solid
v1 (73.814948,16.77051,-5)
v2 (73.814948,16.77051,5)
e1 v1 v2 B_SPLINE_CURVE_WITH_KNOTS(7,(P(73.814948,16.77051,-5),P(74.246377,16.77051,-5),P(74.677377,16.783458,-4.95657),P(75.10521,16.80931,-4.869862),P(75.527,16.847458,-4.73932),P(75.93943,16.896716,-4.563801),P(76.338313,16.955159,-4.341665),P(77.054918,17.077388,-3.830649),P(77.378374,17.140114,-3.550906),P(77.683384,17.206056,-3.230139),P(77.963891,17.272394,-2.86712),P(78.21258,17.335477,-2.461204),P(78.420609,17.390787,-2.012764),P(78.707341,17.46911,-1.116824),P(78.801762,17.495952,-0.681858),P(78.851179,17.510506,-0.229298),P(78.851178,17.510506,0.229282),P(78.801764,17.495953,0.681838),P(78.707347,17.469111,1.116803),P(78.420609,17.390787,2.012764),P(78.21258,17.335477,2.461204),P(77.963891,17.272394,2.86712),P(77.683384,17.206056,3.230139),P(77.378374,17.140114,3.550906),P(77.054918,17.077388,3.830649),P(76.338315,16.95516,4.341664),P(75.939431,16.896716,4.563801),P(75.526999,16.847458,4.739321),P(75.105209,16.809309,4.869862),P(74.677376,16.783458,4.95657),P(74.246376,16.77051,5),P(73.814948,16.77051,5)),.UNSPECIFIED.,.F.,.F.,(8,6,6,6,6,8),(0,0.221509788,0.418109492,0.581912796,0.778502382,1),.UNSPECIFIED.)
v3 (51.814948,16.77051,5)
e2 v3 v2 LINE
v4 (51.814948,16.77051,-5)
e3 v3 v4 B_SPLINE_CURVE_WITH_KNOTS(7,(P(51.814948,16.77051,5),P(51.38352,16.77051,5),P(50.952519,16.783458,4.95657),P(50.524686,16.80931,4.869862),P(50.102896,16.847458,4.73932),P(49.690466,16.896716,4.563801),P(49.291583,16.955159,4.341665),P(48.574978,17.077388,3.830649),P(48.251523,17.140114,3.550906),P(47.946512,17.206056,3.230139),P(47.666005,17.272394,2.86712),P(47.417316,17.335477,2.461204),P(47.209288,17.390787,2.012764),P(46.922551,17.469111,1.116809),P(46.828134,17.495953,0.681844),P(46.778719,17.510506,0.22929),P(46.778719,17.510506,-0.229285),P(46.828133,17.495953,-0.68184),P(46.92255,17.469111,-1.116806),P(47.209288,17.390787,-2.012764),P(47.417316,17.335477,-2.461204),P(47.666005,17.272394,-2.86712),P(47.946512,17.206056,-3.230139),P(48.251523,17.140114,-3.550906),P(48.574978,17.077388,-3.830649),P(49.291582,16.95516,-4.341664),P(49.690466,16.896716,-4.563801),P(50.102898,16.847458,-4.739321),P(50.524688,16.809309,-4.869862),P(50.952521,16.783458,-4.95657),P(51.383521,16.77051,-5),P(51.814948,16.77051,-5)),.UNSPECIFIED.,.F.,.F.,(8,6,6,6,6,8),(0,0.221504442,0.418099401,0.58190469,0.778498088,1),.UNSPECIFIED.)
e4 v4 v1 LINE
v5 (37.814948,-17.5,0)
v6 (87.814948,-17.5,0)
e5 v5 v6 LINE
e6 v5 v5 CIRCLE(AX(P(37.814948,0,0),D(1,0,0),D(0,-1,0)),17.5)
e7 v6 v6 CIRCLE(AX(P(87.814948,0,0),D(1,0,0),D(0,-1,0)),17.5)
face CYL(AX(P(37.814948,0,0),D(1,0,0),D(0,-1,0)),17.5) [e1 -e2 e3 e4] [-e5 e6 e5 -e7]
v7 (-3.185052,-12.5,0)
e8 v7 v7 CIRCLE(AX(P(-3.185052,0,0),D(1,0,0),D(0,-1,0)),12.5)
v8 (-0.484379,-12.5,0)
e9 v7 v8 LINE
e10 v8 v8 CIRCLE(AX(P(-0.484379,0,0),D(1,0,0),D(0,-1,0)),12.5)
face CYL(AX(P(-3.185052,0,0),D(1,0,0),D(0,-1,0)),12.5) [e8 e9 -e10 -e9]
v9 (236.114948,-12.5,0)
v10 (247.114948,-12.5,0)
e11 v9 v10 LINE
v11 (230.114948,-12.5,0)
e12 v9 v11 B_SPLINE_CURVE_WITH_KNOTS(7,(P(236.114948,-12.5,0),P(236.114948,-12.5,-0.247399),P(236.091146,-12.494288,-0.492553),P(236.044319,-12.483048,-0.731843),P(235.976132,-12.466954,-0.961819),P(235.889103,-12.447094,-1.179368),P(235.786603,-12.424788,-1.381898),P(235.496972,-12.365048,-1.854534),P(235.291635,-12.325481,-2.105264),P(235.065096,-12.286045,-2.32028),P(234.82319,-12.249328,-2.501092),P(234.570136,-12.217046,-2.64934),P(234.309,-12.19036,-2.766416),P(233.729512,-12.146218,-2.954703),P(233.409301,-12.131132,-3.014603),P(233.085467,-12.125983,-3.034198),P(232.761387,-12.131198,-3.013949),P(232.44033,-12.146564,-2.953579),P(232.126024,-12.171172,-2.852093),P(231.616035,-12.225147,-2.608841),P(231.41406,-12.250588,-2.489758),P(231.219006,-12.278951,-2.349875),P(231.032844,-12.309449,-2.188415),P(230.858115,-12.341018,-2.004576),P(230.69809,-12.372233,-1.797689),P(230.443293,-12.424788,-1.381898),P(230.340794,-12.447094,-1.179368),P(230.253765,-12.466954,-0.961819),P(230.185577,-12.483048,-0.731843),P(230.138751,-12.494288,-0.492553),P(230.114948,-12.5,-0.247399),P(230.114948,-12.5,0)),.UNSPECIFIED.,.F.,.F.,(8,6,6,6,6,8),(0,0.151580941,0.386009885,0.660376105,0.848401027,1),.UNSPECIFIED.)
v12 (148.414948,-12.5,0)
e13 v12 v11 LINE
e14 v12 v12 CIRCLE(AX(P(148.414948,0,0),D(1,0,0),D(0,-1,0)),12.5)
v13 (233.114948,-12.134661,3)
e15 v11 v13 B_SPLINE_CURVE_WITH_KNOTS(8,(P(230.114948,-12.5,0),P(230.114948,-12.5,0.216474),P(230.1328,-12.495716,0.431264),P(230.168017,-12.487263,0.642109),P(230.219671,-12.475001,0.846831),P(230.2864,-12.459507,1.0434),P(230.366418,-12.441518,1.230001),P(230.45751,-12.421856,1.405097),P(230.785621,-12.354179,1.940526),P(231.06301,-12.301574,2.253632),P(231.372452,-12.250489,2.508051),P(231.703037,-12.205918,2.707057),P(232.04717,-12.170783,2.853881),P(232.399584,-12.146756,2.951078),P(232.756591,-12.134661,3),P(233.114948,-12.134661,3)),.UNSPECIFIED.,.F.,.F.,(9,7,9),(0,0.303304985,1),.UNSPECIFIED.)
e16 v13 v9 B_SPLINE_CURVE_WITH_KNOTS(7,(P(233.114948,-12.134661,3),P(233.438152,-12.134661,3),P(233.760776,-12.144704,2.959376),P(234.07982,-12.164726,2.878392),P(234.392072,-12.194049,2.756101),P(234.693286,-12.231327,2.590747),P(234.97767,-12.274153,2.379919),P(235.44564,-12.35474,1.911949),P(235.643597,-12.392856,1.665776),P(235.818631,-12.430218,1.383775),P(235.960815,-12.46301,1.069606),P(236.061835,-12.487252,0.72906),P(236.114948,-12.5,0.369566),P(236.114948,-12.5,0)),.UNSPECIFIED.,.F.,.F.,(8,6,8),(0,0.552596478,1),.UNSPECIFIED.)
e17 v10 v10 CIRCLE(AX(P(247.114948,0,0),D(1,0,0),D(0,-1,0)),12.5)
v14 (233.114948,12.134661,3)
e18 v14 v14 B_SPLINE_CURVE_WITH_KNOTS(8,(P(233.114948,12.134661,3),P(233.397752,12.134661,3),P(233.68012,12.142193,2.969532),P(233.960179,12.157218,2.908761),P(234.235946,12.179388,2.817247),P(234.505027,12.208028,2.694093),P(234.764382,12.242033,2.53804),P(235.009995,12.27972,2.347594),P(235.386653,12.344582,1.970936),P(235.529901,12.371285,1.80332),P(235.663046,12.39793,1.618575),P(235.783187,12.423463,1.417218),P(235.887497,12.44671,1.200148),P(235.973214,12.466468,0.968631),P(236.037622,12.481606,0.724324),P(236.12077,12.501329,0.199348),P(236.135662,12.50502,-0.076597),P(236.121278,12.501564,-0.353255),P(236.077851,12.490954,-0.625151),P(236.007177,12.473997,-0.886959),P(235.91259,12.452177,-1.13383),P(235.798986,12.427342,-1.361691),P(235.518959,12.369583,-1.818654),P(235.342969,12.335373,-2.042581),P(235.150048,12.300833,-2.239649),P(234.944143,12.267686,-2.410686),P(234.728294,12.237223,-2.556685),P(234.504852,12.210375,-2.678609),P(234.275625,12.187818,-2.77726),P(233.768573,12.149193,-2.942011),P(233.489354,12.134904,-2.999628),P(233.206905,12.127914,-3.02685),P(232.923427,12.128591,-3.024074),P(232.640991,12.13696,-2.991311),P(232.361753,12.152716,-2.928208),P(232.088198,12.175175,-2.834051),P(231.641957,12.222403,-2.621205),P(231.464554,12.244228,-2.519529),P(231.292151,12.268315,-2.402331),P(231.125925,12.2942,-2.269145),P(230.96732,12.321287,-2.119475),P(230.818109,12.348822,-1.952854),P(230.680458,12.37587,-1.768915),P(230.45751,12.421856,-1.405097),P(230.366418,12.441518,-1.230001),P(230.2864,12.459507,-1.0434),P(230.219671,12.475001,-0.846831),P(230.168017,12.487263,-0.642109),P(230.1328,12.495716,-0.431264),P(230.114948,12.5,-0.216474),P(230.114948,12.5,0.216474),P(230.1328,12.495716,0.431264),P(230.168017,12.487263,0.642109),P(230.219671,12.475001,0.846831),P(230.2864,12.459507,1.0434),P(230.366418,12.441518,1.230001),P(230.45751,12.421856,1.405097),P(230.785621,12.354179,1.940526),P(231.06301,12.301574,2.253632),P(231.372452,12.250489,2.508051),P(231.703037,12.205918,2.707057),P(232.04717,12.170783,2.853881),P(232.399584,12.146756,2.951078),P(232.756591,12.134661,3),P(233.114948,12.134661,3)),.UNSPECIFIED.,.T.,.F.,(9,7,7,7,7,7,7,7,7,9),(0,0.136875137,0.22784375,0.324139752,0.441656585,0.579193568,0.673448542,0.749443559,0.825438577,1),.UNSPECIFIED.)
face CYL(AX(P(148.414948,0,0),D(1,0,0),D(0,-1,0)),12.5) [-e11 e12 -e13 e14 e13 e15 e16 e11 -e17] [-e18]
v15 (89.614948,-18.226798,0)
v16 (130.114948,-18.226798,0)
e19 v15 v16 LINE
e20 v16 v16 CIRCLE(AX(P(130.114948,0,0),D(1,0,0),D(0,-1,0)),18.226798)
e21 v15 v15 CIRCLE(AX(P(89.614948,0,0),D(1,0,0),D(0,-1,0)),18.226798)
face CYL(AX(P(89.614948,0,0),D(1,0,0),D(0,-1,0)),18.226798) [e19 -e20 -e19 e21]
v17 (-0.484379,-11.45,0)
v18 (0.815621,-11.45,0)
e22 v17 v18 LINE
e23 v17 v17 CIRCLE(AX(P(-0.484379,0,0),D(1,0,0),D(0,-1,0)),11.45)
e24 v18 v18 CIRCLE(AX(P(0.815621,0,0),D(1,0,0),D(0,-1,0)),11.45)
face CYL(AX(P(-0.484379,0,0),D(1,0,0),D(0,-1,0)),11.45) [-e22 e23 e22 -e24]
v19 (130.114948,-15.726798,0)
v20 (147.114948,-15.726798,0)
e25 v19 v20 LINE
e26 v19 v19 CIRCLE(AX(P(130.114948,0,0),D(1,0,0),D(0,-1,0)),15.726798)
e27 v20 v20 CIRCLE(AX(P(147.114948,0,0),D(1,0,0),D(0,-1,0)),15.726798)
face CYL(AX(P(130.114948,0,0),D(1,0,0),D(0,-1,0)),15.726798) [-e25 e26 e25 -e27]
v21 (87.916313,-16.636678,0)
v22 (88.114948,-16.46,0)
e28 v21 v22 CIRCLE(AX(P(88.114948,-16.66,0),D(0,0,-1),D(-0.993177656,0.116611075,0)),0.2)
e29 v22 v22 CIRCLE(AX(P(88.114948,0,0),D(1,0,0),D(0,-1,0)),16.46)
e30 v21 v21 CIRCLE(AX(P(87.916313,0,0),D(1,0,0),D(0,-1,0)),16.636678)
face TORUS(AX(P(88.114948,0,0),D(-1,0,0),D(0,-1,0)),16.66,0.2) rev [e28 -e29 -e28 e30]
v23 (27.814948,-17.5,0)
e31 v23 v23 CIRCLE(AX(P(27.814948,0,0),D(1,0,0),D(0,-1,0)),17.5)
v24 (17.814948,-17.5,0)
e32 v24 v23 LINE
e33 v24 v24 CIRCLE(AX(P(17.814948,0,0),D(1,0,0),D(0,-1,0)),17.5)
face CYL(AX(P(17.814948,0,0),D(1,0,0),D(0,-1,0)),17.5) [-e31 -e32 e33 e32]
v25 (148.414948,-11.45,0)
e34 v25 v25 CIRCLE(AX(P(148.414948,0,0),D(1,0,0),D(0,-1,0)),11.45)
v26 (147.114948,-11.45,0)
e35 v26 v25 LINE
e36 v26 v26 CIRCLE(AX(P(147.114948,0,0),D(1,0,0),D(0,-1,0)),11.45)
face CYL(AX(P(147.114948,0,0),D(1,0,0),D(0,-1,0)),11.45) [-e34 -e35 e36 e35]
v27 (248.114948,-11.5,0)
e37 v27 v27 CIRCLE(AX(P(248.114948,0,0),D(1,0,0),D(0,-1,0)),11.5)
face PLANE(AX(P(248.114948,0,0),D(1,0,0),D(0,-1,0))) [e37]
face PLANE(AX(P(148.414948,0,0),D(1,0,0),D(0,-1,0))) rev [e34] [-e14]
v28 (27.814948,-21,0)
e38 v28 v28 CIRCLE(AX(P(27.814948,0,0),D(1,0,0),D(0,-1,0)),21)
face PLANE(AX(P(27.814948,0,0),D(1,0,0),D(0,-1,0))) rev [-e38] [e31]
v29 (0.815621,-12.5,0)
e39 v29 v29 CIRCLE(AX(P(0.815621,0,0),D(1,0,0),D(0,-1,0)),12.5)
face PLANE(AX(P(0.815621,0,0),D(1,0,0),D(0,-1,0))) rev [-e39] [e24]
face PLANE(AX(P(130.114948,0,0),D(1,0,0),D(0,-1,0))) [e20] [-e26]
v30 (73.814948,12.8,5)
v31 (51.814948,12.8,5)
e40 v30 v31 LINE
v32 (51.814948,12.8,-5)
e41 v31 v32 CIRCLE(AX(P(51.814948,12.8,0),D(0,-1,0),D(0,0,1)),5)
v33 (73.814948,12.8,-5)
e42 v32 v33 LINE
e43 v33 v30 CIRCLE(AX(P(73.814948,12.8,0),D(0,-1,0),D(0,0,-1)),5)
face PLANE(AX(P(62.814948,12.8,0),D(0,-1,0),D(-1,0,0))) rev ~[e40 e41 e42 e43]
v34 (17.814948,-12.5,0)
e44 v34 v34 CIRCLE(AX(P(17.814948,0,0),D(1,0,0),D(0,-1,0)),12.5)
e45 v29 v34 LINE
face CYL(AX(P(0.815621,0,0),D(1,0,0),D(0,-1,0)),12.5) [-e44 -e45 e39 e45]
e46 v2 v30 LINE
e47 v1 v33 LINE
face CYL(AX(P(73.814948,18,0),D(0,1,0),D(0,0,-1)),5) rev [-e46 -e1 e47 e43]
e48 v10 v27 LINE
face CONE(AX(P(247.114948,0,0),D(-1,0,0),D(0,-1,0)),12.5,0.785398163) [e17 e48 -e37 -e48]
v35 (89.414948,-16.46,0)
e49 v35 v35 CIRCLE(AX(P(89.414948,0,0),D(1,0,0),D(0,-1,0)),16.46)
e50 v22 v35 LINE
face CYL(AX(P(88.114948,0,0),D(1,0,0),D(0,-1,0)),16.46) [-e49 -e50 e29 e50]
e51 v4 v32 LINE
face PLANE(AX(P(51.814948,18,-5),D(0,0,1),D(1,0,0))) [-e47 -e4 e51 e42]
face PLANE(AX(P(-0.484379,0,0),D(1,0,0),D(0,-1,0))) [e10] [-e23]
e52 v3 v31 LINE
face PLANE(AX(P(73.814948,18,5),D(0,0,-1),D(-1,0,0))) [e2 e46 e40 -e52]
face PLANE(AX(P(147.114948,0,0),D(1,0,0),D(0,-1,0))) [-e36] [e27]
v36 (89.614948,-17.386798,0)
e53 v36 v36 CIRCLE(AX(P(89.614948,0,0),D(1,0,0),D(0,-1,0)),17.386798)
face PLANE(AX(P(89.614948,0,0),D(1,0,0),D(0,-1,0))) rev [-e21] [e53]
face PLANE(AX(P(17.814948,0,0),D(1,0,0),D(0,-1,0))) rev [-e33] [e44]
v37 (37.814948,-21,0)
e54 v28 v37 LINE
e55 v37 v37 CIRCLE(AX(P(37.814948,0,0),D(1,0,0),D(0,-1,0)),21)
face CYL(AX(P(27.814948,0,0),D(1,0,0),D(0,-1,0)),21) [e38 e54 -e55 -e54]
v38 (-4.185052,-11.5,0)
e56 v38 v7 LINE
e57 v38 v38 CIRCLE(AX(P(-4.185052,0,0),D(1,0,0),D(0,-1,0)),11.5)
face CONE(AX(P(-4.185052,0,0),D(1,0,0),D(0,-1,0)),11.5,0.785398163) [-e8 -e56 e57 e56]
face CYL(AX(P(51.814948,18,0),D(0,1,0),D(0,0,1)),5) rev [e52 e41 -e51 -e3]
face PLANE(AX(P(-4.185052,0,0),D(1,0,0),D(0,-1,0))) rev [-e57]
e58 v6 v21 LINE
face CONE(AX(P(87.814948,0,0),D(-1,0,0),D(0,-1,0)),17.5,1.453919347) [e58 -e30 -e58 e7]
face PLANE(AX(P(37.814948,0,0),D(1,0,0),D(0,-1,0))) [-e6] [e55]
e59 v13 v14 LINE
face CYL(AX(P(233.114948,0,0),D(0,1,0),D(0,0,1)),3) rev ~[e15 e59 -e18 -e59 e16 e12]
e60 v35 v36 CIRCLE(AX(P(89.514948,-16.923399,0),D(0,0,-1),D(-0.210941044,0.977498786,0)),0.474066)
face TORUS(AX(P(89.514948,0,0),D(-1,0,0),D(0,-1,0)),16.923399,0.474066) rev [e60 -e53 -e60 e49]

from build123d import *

# Parameters (mm, degrees)
CUT_EXTRUDE2_START = 18
CUT_EXTRUDE2_DEPTH = 5.2
SKETCH4_R          = 3
CUT_EXTRUDE3_DEPTH = 20


with BuildPart() as part:
    # Sketch1 → Revolve1 (revolve)
    with BuildSketch(Plane.XY):
        with BuildLine():
            Line((-4.185051691, 0), (-4.185051691, 11.5))
            Line((-4.185051691, 11.5), (-3.185051691, 12.5))
            Line((-3.185051691, 12.5), (-0.484378869, 12.5))
            Line((-0.484378869, 12.5), (-0.484378869, 11.45))
            Line((-0.484378869, 11.45), (0.815621131, 11.45))
            Line((0.815621131, 11.45), (0.815621131, 12.5))
            Line((0.815621131, 12.5), (17.814948309, 12.5))
            Line((17.814948309, 12.5), (17.814948309, 17.5))
            Line((17.814948309, 17.5), (27.814948309, 17.5))
            Line((27.814948309, 17.5), (27.814948309, 21))
            Line((27.814948309, 21), (37.814948309, 21))
            Line((37.814948309, 21), (37.814948309, 17.5))
            Line((37.814948309, 17.5), (87.814948309, 17.5))
            Line((87.814948309, 17.5), (87.916312777, 16.636677786))
            ThreePointArc((87.916312777, 16.636677786), (87.982028112, 16.510560309), (88.114948309, 16.46))
            Line((88.114948309, 16.46), (89.414948309, 16.46))
            ThreePointArc((89.414948309, 16.46), (89.978347351, 16.823399043), (89.614948309, 17.386798085))
            Line((89.614948309, 17.386798085), (89.614948309, 18.226798085))
            Line((89.614948309, 18.226798085), (130.114948309, 18.226798085))
            Line((130.114948309, 18.226798085), (130.114948309, 15.726798085))
            Line((130.114948309, 15.726798085), (147.114948309, 15.726798085))
            Line((147.114948309, 15.726798085), (147.114948309, 11.45))
            Line((147.114948309, 11.45), (148.414948309, 11.45))
            Line((148.414948309, 11.45), (148.414948309, 12.5))
            Line((148.414948309, 12.5), (247.114948309, 12.5))
            Line((247.114948309, 12.5), (248.114948309, 11.5))
            Line((248.114948309, 11.5), (248.114948309, 0))
            Line((248.114948309, 0), (-4.185051691, 0))
        make_face()
    revolve(axis=Axis((-15.310878374, 0, 0), (1, 0, 0)))

    # Sketch3 → Cut-Extrude2 (cut)
    with BuildSketch(Plane(origin=(0, 0, 0), x_dir=(1, 0, 0), z_dir=(0, 1, 0)).offset(CUT_EXTRUDE2_START)):
        with BuildLine():
            Line((51.814948309, 5), (73.814948309, 5))
            ThreePointArc((73.814948309, 5), (78.814948309, 0), (73.814948309, -5))
            Line((73.814948309, -5), (51.814948309, -5))
            ThreePointArc((51.814948309, -5), (46.814948309, 0), (51.814948309, 5))
        make_face()
    extrude(amount=-CUT_EXTRUDE2_DEPTH, mode=Mode.SUBTRACT)

    # Sketch4 → Cut-Extrude3 (cut, symmetric)
    with BuildSketch(Plane(origin=(0, 0, 0), x_dir=(1, 0, 0), z_dir=(0, 1, 0))):
        with Locations((233.114948309, 0)):
            Circle(SKETCH4_R)
    extrude(amount=CUT_EXTRUDE3_DEPTH, both=True, mode=Mode.SUBTRACT)


solid = part.part
